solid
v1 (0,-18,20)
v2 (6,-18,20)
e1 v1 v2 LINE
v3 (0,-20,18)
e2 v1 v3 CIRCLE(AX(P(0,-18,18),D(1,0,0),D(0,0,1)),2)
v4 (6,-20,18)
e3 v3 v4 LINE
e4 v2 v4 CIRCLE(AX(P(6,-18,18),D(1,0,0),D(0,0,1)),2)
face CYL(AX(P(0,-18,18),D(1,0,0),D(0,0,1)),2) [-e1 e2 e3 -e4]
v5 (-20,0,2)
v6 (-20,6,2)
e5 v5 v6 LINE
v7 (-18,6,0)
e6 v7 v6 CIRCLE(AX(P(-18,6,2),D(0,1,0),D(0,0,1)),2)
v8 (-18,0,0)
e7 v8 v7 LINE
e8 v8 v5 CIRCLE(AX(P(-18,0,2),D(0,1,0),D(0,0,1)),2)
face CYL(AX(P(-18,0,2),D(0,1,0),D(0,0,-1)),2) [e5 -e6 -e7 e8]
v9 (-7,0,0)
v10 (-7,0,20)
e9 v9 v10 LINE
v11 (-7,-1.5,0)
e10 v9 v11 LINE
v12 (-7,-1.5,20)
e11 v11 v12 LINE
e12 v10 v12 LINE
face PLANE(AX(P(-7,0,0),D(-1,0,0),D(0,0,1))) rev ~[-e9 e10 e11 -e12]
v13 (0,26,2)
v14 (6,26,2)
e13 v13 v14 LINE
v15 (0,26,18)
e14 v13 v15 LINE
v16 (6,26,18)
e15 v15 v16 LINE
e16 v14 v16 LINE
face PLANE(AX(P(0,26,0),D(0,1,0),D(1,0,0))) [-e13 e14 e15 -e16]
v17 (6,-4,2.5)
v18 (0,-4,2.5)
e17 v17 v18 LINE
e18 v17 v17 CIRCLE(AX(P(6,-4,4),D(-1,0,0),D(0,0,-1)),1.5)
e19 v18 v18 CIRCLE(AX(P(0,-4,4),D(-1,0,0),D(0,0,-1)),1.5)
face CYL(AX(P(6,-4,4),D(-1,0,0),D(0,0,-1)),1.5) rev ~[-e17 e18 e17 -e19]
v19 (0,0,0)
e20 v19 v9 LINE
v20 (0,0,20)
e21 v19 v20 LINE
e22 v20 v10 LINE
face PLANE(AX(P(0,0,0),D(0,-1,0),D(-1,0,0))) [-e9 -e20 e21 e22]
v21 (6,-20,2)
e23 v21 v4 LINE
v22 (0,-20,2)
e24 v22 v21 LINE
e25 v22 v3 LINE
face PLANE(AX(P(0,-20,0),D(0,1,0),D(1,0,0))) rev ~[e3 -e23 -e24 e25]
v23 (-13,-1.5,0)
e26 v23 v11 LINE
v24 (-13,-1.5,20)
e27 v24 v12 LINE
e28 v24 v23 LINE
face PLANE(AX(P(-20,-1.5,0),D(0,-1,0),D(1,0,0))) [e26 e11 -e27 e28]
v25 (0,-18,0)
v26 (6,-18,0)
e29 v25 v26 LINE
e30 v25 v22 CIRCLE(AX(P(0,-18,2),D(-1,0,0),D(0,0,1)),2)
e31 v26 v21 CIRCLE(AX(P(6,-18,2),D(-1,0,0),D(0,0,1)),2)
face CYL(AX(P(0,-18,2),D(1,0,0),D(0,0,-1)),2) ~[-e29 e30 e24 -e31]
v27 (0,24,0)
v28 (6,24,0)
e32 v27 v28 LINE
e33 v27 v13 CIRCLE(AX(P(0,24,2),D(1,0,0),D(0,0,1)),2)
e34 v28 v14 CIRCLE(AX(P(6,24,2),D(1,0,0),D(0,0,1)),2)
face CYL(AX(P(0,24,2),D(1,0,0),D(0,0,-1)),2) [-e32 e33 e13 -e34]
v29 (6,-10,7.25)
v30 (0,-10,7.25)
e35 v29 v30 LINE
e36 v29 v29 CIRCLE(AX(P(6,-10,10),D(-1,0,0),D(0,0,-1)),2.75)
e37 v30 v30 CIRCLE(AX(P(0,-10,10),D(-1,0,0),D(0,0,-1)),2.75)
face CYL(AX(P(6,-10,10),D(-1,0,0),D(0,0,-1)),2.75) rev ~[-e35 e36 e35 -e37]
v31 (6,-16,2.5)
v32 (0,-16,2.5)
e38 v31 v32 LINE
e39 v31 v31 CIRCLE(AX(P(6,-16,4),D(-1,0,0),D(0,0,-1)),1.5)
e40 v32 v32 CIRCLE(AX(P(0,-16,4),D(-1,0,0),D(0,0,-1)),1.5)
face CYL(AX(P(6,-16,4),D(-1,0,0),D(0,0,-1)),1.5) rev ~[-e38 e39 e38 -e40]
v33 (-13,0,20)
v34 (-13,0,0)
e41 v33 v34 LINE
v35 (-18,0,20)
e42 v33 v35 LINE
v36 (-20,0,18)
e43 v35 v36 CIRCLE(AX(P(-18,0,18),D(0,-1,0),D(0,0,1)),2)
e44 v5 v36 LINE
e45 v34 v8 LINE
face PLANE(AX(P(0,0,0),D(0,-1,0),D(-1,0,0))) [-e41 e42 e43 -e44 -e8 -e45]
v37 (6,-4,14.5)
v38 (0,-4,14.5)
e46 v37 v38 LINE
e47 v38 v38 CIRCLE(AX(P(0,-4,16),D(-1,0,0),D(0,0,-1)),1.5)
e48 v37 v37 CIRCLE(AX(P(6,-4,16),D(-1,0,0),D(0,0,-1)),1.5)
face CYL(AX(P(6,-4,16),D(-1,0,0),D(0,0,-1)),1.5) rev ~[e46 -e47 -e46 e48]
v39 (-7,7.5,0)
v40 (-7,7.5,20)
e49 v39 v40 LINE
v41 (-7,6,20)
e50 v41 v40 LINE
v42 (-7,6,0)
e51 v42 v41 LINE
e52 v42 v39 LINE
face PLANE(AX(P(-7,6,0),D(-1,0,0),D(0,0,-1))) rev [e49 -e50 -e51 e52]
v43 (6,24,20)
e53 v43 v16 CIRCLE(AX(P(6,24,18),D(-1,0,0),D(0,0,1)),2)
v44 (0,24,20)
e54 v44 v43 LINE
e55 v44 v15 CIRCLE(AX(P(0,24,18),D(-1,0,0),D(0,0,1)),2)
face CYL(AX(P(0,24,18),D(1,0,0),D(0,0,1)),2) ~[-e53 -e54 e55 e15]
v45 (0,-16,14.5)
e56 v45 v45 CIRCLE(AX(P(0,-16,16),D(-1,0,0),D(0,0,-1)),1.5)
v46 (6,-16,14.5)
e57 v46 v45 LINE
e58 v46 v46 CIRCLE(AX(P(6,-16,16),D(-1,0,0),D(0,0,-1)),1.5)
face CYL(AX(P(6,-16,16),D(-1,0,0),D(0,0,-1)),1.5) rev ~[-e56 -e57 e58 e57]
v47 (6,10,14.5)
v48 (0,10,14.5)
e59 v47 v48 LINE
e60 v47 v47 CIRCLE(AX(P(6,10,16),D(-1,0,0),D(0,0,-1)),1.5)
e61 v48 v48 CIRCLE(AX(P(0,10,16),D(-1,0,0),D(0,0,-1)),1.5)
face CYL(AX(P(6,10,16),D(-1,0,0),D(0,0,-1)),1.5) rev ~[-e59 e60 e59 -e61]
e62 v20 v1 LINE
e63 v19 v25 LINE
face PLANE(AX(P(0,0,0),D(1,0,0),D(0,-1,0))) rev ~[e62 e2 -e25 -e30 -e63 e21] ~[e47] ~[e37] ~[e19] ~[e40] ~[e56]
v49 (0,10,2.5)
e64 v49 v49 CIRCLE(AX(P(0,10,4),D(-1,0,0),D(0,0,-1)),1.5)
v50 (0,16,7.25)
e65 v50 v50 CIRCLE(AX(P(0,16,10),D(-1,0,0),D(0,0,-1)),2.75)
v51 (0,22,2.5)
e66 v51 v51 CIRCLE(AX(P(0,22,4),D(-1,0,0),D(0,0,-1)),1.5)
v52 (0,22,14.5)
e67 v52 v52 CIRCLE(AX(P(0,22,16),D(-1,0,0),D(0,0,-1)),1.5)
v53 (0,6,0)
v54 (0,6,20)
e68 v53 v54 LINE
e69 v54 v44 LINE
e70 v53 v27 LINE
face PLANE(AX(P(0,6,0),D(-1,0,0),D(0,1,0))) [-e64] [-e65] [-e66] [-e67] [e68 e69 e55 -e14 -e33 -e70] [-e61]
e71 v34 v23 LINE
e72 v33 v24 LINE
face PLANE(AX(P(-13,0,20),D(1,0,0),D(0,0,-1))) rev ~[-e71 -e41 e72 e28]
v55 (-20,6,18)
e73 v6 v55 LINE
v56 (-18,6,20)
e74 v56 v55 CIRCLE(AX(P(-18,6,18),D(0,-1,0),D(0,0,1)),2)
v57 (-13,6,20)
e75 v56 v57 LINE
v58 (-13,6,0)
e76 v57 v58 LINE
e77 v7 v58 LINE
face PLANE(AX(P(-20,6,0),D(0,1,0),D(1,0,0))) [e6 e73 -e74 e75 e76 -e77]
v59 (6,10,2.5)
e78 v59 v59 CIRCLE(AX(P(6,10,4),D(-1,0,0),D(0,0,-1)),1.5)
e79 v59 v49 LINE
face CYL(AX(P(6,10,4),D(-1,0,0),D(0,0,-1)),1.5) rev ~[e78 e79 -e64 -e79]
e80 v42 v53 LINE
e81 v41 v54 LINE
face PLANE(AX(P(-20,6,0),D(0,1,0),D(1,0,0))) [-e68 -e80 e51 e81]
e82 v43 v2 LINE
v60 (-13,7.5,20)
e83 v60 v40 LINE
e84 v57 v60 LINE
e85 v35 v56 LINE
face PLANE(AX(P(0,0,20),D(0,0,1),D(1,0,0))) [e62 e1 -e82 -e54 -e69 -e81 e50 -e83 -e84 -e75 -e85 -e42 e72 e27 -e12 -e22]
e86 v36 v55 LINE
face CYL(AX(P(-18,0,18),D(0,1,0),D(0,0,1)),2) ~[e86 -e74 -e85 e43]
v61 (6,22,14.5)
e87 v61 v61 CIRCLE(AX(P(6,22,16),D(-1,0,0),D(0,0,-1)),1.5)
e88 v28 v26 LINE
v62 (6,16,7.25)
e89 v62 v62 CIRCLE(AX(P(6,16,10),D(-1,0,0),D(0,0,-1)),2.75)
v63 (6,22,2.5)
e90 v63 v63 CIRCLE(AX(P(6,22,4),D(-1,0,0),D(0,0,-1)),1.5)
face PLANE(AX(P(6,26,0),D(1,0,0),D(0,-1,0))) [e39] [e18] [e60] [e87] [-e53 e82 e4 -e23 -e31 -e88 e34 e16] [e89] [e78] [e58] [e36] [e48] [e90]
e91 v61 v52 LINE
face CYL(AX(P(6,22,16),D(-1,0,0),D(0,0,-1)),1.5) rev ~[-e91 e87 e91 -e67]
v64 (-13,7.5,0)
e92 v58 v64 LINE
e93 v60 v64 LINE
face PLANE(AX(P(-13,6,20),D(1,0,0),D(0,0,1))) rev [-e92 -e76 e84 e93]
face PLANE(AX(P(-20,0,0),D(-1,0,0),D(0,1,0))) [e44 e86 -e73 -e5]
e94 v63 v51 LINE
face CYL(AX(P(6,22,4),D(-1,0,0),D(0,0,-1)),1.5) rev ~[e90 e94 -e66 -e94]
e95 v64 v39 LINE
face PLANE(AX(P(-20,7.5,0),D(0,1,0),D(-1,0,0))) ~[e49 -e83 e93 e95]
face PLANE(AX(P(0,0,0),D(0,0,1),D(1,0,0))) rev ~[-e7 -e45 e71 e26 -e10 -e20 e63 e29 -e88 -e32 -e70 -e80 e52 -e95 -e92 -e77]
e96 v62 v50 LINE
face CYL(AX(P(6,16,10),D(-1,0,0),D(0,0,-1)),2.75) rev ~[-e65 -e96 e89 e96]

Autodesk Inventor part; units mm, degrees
ref_plane "YZ Plane" through (0, 0, 0) normal (1, 0, 0) x (0, 1, 0)
ref_plane "XZ Plane" through (0, 0, 0) normal (0, 1, 0) x (-1, 0, 0)
sketch "Sketch1" plane through (0, 0, 0) normal (0, 0, 1) x (1, 0, 0)
  line L0 (0, 0) -> (0, -20)
  line L1 (0, 0) -> (-20, 0)
  line L2 (-20, 6) -> (0, 6)
  line L3 (6, 26) -> (6, -20)
  line L4 (-20, 0) -> (-20, 6)
  line L5 (0, -20) -> (6, -20)
  line L6 (0, 6) -> (0, 26)
  line L7 (0, 26) -> (6, 26)
  dimension "d0" = 20
  dimension "d1" = 20
  dimension "d2" = 6
  dimension "d3" = 26
  dimension "d4" = 6
  dimension "d5" = 46
extrude "Extrusion1" add sketch "Sketch1" along normal blind 20
sketch "Sketch2" plane through (-20, 0, 0) normal (0, -1, 0) x (1, 0, 0)
  line L0 (0, 20) -> (20, 20) projected
  line L1 (7, 20) -> (7, 0)
  line L2 (7, 0) -> (13, 0)
  line L3 (0, 0) -> (20, 0) projected
  line L4 (13, 0) -> (13, 20)
  line L5 (13, 20) -> (7, 20)
  line L6 (0, 0) -> (0, 20) projected
  dimension "d8" = 6
  dimension "d9" = 7
extrude "Extrusion2" add sketch "Sketch2" along normal blind 1.5 contours L0 L4 L2 L1
ref_plane "Work Plane1" through (-20, 3, 0) normal (0, -1, 0) x (1, 0, 0)
mirror "Mirror1" about plane through (-20, 3, 0) normal (0, -1, 0) of "Extrusion2"
sketch "Sketch3" plane through (6, -20, 0) normal (1, 0, 0) x (0, 0, -1)
  line L0 (0, 0) -> (-20, 0) projected
  line L1 (0, 0) -> (0, 46) projected
  line L2 (-20, 0) -> (-20, 46) projected
  line L3 (-20, 23) -> (0, 23)
  point P0 (0, 20)
  point P1 (-10, 10)
  point P2 (-10, 36)
  dimension "d13" = 10
  dimension "d14" = 10
hole "Hole1" at (6, -10, 10) at (6, 16, 10) direction (-1, 0, 0) diameter 5.5 end through all
sketch "Sketch4" plane through (6, -20, 0) normal (1, 0, 0) x (0, 0, -1)
  line L0 (-20, 20) -> (-20, 0) projected
  line L1 (-20, 10) -> (0, 10)
  line L2 (0, 20) -> (0, 0) projected
  line L3 (0, 0) -> (-20, 0) projected
  line L4 (-10, 0) -> (-10, 29.1489)
  line L5 (-20, 0) -> (-20, 46) projected
  line L6 (-20, 23) -> (0, 23)
  line L7 (0, 26) -> (0, 20) projected
  point P0 (-16, 4)
  point P1 (-16, 16)
  point P2 (-4, 4)
  point P3 (-4, 16)
  point P4 (-16, 42)
  point P5 (-16, 30)
  point P6 (-4, 42)
  point P7 (-4, 30)
  dimension "d22" = 6
  dimension "d23" = 6
hole "Hole2" at (6, -16, 16) at (6, -4, 16) at (6, -16, 4) at (6, -4, 4) at (6, 22, 16) at (6, 10, 16) at (6, 10, 4) at (6, 22, 4) direction (-1, 0, 0) diameter 3 end through all
fillet "Fillet1" radius 2 6 edges at (3, -20, 20) (3, 26, 20) (3, 26, 0) (3, -20, 0) (-20, 3, 20) (-20, 3, 0)
properties part number "Estrutura - Cabos"
